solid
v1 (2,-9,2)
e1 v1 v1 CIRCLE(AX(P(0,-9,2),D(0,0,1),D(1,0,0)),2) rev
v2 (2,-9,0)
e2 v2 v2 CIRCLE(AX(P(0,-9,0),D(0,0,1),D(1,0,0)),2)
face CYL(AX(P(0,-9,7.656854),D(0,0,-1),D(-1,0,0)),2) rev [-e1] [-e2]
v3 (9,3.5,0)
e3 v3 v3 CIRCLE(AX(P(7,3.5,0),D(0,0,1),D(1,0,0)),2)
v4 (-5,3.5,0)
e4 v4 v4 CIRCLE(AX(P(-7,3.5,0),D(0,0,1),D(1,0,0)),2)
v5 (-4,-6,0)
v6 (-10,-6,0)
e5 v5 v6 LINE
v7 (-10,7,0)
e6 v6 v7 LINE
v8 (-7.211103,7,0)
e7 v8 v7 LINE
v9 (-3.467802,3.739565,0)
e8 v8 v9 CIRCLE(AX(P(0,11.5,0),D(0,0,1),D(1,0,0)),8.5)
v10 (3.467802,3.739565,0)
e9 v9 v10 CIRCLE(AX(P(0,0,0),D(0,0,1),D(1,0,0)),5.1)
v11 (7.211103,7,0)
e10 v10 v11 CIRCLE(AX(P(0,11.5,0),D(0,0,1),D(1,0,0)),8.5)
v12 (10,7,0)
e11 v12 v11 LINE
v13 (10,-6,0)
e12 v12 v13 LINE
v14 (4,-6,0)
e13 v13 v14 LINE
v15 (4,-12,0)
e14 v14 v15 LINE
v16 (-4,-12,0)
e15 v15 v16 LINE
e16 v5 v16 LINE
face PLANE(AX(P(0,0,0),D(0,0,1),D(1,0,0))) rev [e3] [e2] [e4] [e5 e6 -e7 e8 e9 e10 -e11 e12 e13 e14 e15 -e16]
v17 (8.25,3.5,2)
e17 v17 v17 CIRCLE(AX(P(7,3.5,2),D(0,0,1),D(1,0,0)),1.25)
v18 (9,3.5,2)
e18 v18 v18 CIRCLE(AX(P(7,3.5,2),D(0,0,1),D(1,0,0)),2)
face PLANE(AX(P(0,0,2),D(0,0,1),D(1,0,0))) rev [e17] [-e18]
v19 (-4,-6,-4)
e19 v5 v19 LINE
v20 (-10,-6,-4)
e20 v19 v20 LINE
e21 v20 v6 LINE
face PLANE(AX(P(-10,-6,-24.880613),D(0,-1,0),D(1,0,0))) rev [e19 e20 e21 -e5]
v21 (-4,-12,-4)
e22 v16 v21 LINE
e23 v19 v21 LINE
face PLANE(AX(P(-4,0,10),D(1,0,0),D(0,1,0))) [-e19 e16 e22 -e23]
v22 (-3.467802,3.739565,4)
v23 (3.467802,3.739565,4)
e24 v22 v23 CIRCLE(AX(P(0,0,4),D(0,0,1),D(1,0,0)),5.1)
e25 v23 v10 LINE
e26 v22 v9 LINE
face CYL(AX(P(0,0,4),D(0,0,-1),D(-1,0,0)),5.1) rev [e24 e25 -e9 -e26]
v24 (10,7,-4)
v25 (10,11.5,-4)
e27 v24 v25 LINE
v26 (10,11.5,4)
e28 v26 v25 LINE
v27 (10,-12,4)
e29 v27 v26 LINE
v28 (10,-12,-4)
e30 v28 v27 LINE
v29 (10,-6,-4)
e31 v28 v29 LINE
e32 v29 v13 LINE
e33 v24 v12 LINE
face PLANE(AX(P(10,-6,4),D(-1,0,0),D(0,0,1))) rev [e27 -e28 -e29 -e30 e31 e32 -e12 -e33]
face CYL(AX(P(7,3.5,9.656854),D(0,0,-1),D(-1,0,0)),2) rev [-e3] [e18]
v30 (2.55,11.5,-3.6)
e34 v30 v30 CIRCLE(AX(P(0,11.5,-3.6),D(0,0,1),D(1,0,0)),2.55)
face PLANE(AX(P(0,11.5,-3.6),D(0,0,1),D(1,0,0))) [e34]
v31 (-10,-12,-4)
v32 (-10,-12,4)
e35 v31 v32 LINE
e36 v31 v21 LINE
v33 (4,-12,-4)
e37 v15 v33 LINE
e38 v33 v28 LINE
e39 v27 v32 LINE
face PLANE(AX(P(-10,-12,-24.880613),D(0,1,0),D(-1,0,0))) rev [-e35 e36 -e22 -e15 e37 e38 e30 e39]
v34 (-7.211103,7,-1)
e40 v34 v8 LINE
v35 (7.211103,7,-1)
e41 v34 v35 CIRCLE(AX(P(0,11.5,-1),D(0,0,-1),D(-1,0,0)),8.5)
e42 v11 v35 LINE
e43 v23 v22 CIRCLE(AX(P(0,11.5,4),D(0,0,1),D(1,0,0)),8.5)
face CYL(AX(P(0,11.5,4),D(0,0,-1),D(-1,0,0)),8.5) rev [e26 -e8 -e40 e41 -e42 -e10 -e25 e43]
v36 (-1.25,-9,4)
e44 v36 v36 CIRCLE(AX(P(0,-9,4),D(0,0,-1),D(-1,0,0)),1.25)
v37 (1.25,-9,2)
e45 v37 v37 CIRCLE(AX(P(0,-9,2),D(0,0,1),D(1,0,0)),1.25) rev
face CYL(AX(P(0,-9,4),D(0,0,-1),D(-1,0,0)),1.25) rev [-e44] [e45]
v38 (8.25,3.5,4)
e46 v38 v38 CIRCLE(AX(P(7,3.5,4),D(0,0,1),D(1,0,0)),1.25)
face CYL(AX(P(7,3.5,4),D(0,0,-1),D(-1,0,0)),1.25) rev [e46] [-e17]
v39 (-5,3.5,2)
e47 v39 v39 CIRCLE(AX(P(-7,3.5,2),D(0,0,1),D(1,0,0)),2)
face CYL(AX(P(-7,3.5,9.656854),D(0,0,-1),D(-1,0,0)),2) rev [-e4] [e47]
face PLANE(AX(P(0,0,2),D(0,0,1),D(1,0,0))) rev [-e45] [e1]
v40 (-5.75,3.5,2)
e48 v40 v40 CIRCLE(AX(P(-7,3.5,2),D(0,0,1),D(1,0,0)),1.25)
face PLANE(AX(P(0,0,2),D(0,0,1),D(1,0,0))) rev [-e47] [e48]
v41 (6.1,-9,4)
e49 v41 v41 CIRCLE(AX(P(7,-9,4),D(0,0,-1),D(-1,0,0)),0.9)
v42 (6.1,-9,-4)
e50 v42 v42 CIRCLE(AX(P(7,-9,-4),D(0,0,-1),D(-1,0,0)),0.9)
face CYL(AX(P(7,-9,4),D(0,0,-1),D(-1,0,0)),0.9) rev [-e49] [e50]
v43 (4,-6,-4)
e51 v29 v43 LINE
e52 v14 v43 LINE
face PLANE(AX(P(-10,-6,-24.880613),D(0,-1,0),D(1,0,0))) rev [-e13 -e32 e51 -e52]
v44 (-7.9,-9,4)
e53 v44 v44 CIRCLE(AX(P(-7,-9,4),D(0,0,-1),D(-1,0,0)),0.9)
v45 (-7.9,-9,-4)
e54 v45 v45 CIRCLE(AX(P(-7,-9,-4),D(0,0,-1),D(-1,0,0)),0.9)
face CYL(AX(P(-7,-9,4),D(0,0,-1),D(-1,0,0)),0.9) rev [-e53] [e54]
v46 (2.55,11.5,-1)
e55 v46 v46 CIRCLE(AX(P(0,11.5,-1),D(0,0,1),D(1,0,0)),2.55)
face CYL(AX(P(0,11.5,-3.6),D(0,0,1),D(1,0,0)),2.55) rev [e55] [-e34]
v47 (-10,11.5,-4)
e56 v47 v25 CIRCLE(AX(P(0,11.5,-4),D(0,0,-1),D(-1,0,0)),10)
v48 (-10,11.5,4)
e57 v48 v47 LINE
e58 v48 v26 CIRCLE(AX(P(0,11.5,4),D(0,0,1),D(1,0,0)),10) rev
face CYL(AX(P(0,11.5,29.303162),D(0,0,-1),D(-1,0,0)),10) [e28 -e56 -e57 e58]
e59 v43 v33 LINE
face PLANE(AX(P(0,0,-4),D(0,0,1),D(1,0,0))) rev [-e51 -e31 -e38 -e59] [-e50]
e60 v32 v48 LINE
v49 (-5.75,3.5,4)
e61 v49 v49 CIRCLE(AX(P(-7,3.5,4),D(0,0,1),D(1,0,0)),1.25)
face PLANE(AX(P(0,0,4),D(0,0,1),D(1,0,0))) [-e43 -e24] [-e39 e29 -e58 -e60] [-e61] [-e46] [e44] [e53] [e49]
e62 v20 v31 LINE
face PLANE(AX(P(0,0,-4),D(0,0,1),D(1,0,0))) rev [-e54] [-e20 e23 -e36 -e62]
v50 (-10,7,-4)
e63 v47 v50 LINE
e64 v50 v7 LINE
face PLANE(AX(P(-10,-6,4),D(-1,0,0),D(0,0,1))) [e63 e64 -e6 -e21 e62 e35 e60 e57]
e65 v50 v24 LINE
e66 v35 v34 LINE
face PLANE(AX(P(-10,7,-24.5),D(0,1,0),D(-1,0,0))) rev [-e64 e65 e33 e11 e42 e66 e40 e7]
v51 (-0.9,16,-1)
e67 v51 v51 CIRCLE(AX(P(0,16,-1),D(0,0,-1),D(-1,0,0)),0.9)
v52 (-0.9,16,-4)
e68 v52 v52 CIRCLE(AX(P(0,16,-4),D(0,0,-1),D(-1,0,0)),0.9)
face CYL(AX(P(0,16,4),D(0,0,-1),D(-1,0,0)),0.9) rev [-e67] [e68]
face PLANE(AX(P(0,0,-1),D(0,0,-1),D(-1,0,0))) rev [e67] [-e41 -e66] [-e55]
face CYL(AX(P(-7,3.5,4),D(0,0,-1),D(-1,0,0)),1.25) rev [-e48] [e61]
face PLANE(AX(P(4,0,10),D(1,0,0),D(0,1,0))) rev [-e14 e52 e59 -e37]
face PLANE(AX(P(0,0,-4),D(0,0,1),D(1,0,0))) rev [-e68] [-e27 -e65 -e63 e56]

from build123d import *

# Parameters (mm, degrees)
SKETCH_1_R          = 1.25
EXTRUDE_1_DEPTH     = 4
EXTRUDE_START       = -8
EXTRUDE_2_DEPTH     = 8
EXTRUDE_START_2     = -3
EXTRUDE_3_DEPTH     = 3
CUT_EXTRUDE_START   = -4
SKETCH_1_5_R        = 2
CUT_EXTRUDE_1_DEPTH = 6
SKETCH_4_W          = 20
SKETCH_4_H          = 17.5
CUT_EXTRUDE_2_DEPTH = 4
EXTRUDE_START_3     = -4
SKETCH_5_W          = 20
SKETCH_5_H          = 6
EXTRUDE_4_DEPTH     = 8
SKETCH_6_W          = 8
SKETCH_6_H          = 6
SKETCH_6_R          = 2
SKETCH_6_R_2        = 1.25
CUT_EXTRUDE_3_DEPTH = 4
SKETCH_6_3_R        = 1.25
CUT_EXTRUDE_4_DEPTH = 26.024987512
SKETCH_6_4_R        = 2
CUT_EXTRUDE_5_DEPTH = 6
SKETCH_7_R          = 0.9
CUT_EXTRUDE_6_DEPTH = 26.024987512
SKETCH_8_W          = 20
SKETCH_8_H          = 4.5
EXTRUDE_5_DEPTH     = 4
SKETCH_9_R          = 8.5
CUT_EXTRUDE_7_DEPTH = 1
SKETCH_10_R         = 2.55
CUT_EXTRUDE_8_DEPTH = 2.6


with BuildPart() as part:
    # 草图1 → 凸台-拉伸1 (new, symmetric)
    with BuildSketch(Plane.XY):
        with BuildLine():
            Line((-10, 6), (-10, -6))
            Line((-10, -6), (10, -6))
            Line((10, -6), (10, 6))
            Line((10, 6), (6.480740698, 6))
            ThreePointArc((6.480740698, 6), (5.10105555, 4.70079179), (3.467802184, 3.739565217))
            ThreePointArc((3.467802184, 3.739565217), (0, -5.1), (-3.467802184, 3.739565217))
            ThreePointArc((-3.467802184, 3.739565217), (-5.10105555, 4.70079179), (-6.480740698, 6))
            Line((-6.480740698, 6), (-10, 6))
        make_face()
        with Locations((-7, 3.5)):
            Circle(SKETCH_1_R, mode=Mode.SUBTRACT)
        with Locations((7, 3.5)):
            Circle(SKETCH_1_R, mode=Mode.SUBTRACT)
    extrude(amount=EXTRUDE_1_DEPTH, both=True)

    # 草图2 → 凸台-拉伸2 (add)
    with BuildSketch(Plane(origin=(0, 0, -4), x_dir=(-1, 0, 0), z_dir=(0, 0, -1)).offset(EXTRUDE_START)):
        with BuildLine():
            Line((6.480740698, 6), (10, 6))
            Line((10, 6), (10, 11.5))
            ThreePointArc((10, 11.5), (0, 21.5), (-10, 11.5))
            Line((-10, 11.5), (-10, 6))
            Line((-10, 6), (-6.480740698, 6))
            ThreePointArc((-6.480740698, 6), (0, 20), (6.480740698, 6))
        make_face()
    extrude(amount=EXTRUDE_2_DEPTH)

    # 草图2<4> → 凸台-拉伸3 (add)
    with BuildSketch(Plane(origin=(0, 0, -4), x_dir=(-1, 0, 0), z_dir=(0, 0, -1)).offset(EXTRUDE_START_2)):
        with BuildLine():
            Line((-6.480740698, 6), (6.480740698, 6))
            ThreePointArc((6.480740698, 6), (7.979232292, 8.570520177), (8.5, 11.5))
            ThreePointArc((8.5, 11.5), (-2.929479823, 19.479232292), (-6.480740698, 6))
        make_face()
    extrude(amount=EXTRUDE_3_DEPTH)

    # 草图1<5> → 切除-拉伸1 (cut)
    with BuildSketch(Plane.XY.offset(CUT_EXTRUDE_START)):
        with Locations((-7, 3.5)):
            Circle(SKETCH_1_5_R)
        with Locations((7, 3.5)):
            Circle(SKETCH_1_5_R)
    extrude(amount=CUT_EXTRUDE_1_DEPTH, mode=Mode.SUBTRACT)

    # 草图4 → 切除-拉伸2 (cut)
    with BuildSketch(Plane(origin=(0, 0, -4), x_dir=(-1, 0, 0), z_dir=(0, 0, -1))):
        with Locations((0, 2.75)):
            Rectangle(SKETCH_4_W, SKETCH_4_H)
    extrude(amount=-CUT_EXTRUDE_2_DEPTH, mode=Mode.SUBTRACT)

    # 草图5 → 凸台-拉伸4 (add)
    with BuildSketch(Plane(origin=(0, 0, 0), x_dir=(-1, 0, 0), z_dir=(0, 0, -1)).offset(EXTRUDE_START_3)):
        with Locations((0, -9)):
            Rectangle(SKETCH_5_W, SKETCH_5_H)
    extrude(amount=EXTRUDE_4_DEPTH)

    # 草图6 → 切除-拉伸3 (cut)
    # profile 1 of 3: a face of its own
    with BuildSketch(Plane(origin=(0, 0, -4), x_dir=(-1, 0, 0), z_dir=(0, 0, -1))):
        with Locations((0, -9)):
            Rectangle(SKETCH_6_W, SKETCH_6_H)
        with Locations((0, -9)):
            Circle(SKETCH_6_R, mode=Mode.SUBTRACT)
    # profile 2 of 3: a face of its own
    with BuildSketch(Plane(origin=(0, 0, -4), x_dir=(-1, 0, 0), z_dir=(0, 0, -1))):
        with Locations((0, -9)):
            Circle(SKETCH_6_R)
        with Locations((0, -9)):
            Circle(SKETCH_6_R_2, mode=Mode.SUBTRACT)
    # profile 3 of 3: a face of its own
    with BuildSketch(Plane(origin=(0, 0, -4), x_dir=(-1, 0, 0), z_dir=(0, 0, -1))):
        with Locations((0, -9)):
            Circle(SKETCH_6_R_2)
    extrude(amount=-CUT_EXTRUDE_3_DEPTH, mode=Mode.SUBTRACT)

    # 草图6<3> → 切除-拉伸4 (cut, through all)
    with BuildSketch(Plane(origin=(0, 0, -4), x_dir=(-1, 0, 0), z_dir=(0, 0, -1))):
        with Locations((0, -9)):
            Circle(SKETCH_6_3_R)
    extrude(amount=-CUT_EXTRUDE_4_DEPTH, mode=Mode.SUBTRACT)

    # 草图6<4> → 切除-拉伸5 (cut)
    with BuildSketch(Plane(origin=(0, 0, -4), x_dir=(-1, 0, 0), z_dir=(0, 0, -1))):
        with Locations(Location((0, -9, 0), (0, 0, 180))):
            Circle(SKETCH_6_4_R)
    extrude(amount=-CUT_EXTRUDE_5_DEPTH, mode=Mode.SUBTRACT)

    # 草图7 → 切除-拉伸6 (cut, through all)
    with BuildSketch(Plane(origin=(0, 0, -4), x_dir=(-1, 0, 0), z_dir=(0, 0, -1))):
        with Locations((7, -9)):
            Circle(SKETCH_7_R)
        with Locations((-7, -9)):
            Circle(SKETCH_7_R)
        with Locations((0, 16)):
            Circle(SKETCH_7_R)
    extrude(amount=-CUT_EXTRUDE_6_DEPTH, mode=Mode.SUBTRACT)

    # 草图8 → 凸台-拉伸5 (add)
    with BuildSketch(Plane(origin=(0, 0, 0), x_dir=(-1, 0, 0), z_dir=(0, 0, -1))):
        with Locations((0, 9.25)):
            Rectangle(SKETCH_8_W, SKETCH_8_H)
    extrude(amount=EXTRUDE_5_DEPTH)

    # 草图9 → 切除-拉伸7 (cut)
    with BuildSketch(Plane.XY):
        with Locations((0, 11.5)):
            Circle(SKETCH_9_R)
    extrude(amount=-CUT_EXTRUDE_7_DEPTH, mode=Mode.SUBTRACT)

    # 草图10 → 切除-拉伸8 (cut)
    with BuildSketch(Plane.XY.offset(-1)):
        with Locations((0, 11.5)):
            Circle(SKETCH_10_R)
    extrude(amount=-CUT_EXTRUDE_8_DEPTH, mode=Mode.SUBTRACT)


solid = part.part
